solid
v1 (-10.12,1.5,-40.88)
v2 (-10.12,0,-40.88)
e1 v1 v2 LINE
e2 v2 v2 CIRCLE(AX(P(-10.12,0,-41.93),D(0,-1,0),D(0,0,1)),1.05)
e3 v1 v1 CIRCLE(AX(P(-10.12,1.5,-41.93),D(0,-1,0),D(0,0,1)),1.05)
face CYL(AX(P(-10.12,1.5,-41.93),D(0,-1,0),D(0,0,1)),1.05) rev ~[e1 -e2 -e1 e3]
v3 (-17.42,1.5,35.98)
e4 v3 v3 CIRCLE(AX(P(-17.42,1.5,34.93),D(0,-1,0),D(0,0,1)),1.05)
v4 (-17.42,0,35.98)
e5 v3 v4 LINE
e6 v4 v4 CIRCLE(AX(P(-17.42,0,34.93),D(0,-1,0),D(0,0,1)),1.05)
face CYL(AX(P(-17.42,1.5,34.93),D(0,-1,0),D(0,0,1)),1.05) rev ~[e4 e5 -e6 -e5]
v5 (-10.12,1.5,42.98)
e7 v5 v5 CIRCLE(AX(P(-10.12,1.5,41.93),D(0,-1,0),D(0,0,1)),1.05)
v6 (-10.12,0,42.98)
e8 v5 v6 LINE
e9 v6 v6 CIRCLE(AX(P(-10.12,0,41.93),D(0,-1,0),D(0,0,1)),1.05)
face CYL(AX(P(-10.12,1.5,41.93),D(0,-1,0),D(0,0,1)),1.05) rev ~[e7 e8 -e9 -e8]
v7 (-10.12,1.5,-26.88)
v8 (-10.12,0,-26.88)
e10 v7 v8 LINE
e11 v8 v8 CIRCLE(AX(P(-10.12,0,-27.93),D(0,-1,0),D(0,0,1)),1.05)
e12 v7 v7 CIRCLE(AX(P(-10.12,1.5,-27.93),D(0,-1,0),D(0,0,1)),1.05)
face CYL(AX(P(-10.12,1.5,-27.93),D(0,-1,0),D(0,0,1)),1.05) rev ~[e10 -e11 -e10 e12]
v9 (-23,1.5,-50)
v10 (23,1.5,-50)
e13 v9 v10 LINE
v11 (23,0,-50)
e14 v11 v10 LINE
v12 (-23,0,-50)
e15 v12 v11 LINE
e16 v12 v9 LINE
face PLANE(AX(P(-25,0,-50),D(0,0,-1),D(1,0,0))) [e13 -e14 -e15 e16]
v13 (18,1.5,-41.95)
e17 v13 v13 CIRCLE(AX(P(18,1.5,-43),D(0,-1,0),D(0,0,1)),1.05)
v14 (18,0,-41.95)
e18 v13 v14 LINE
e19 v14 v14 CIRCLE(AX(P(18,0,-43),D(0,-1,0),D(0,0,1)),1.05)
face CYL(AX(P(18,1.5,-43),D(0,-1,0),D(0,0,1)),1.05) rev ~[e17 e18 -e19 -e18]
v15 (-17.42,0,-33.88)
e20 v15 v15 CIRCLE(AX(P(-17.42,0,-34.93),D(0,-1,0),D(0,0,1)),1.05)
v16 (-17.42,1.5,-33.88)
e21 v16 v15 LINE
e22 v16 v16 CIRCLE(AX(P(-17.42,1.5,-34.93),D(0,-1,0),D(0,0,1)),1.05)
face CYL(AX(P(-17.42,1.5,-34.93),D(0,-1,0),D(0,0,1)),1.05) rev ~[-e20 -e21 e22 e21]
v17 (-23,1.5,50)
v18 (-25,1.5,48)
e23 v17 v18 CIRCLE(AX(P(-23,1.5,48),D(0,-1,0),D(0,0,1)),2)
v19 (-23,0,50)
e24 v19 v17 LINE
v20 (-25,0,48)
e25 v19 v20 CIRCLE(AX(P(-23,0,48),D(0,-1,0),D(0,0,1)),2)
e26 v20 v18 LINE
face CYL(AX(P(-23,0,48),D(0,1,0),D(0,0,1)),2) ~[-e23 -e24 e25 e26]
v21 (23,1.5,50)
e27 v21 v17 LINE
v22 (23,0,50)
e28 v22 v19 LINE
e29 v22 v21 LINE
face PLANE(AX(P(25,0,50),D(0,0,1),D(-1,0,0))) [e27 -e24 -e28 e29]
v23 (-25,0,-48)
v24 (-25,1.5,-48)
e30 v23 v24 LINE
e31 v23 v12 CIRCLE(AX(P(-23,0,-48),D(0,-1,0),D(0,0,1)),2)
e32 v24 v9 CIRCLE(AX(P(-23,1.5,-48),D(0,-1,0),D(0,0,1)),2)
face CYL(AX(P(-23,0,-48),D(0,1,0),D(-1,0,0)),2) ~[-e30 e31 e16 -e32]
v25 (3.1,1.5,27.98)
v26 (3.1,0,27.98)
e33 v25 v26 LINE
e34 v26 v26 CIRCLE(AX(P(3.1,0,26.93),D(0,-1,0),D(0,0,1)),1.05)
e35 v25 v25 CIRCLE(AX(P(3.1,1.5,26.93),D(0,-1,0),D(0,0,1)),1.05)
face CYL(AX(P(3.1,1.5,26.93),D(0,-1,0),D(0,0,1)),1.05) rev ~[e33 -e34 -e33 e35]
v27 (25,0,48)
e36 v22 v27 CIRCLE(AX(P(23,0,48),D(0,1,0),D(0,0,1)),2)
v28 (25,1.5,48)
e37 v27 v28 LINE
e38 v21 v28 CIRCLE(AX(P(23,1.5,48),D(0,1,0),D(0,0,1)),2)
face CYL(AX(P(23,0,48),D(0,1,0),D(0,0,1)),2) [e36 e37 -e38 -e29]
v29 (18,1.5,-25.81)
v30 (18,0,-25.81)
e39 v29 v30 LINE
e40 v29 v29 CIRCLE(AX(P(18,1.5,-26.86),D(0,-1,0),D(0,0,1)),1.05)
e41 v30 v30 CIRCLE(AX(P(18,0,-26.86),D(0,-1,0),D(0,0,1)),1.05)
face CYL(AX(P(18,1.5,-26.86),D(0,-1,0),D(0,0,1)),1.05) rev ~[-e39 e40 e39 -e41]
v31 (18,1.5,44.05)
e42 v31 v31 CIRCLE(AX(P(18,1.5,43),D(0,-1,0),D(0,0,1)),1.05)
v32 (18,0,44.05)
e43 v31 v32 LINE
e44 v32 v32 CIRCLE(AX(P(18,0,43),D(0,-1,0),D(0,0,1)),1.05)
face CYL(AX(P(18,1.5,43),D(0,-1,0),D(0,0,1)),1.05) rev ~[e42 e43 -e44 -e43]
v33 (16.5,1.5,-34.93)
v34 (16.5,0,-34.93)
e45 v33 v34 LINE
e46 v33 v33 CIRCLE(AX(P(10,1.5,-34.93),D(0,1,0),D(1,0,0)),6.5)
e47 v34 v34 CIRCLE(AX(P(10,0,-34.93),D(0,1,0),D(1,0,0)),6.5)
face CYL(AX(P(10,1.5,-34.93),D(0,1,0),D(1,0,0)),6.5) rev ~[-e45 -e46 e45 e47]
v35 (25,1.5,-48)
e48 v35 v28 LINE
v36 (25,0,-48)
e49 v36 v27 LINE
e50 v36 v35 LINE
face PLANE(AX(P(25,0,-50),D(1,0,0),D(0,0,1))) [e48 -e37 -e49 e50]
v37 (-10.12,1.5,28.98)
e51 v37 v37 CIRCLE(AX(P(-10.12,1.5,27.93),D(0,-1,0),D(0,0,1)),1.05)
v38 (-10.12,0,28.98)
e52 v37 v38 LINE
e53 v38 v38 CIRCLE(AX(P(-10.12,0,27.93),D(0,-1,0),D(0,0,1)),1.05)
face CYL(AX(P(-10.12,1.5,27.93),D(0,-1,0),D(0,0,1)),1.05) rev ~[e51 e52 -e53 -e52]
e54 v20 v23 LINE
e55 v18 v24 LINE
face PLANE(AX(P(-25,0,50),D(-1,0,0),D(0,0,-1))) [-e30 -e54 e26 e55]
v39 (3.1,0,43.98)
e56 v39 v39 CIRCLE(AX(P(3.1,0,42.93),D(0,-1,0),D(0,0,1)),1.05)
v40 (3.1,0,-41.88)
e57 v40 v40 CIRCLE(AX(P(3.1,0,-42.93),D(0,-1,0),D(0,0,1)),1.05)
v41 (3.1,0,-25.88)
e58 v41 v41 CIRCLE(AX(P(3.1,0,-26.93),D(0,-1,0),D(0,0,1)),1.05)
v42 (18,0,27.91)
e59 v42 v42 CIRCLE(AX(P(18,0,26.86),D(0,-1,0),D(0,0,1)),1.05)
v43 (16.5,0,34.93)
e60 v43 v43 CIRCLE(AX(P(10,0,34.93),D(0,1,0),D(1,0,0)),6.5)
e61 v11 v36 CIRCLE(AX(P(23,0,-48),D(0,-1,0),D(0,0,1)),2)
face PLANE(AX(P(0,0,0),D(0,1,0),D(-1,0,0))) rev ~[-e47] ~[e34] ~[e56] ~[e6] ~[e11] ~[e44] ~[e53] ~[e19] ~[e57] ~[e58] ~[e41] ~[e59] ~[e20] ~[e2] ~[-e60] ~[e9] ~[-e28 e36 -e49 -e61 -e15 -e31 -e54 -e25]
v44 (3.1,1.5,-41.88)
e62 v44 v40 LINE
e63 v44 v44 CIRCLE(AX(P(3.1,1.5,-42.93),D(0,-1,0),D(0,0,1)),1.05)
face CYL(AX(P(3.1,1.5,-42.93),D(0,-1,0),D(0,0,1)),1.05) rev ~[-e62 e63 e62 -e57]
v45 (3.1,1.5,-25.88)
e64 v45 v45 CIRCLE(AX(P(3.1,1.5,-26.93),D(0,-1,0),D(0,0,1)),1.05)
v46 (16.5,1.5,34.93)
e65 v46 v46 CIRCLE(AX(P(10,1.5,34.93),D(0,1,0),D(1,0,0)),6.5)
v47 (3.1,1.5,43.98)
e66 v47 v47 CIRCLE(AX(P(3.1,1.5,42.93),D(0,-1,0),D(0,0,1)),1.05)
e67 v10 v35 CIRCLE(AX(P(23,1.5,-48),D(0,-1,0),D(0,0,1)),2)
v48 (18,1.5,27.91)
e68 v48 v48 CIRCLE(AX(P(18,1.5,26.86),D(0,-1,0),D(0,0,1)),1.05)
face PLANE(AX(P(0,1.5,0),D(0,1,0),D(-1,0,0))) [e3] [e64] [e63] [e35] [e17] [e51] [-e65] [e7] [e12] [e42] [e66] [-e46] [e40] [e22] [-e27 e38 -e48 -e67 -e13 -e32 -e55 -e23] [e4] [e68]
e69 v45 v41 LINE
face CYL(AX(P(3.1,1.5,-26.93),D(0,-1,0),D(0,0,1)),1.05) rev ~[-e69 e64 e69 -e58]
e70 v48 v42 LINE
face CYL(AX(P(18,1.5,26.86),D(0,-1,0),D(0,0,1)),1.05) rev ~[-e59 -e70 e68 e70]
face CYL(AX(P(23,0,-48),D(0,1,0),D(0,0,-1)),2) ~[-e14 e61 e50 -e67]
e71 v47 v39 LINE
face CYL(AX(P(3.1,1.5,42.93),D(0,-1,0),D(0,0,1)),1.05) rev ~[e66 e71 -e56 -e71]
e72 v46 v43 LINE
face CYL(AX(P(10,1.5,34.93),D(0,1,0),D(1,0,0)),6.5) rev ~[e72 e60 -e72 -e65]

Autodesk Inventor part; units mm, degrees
ref_plane "YZ Plane" through (0, 0, 0) normal (1, 0, 0) x (0, 1, 0)
ref_plane "XZ Plane" through (0, 0, 0) normal (0, 1, 0) x (-1, 0, 0)
ref_plane "XY Plane" through (0, 0, 0) normal (0, 0, 1) x (1, 0, 0)
sketch "Sketch1" plane through (0, 0, 0) normal (0, 1, 0) x (-1, 0, 0)
  line L0 (-25, 50) -> (25, 50)
  line L1 (25, 50) -> (25, -50)
  line L2 (25, -50) -> (-25, -50)
  line L3 (-25, -50) -> (-25, 50)
  line L4 (-25, 50) -> (25, -50) construction
  line L5 (25, 50) -> (-25, -50) construction
  point P0 (0, 0)
  dimension "d0" = 50
  dimension "d1" = 100
extrude "Plate1" add sketch "Sketch1" along normal blind 1.5
fillet "Fillet1" radius 2 4 edges at (25, 0.75, 50) (25, 0.75, -50) (-25, 0.75, -50) (-25, 0.75, 50)
sketch "Sketch5" plane through (0, 1.5, 0) normal (0, 1, 0) x (1, 0, 0)
  circle A0 centre (-17.42, -34.93) radius 0.7835 projected
  circle A1 centre (-10.12, -41.93) radius 0.7835 projected
  circle A2 centre (-10.12, -27.93) radius 0.7835 projected
  circle A3 centre (3.1, -42.93) radius 0.7835 projected
  circle A4 centre (3.1, -26.93) radius 0.7835 projected
  line L0 (-18.82, -28.86) -> (-18.82, -41) projected
  line L1 (-18.82, -28.86) -> (-18.1, -28.86) projected
  arc A5 (-18.1, -28.86) -> (-16.1, -26.86) centre (-18.1, -26.86) ccw projected
  line L2 (-16.1, -26.86) -> (-16.1, -26.14) projected
  line L3 (16, -26.14) -> (-16.1, -26.14) projected
  line L4 (16, -26.14) -> (16, -26.86) projected
  arc A6 (16, -26.86) -> (18, -28.86) centre (18, -26.86) ccw projected
  line L5 (18, -28.86) -> (18.72, -28.86) projected
  line L6 (18.72, -41) -> (18.72, -28.86) projected
  line L7 (18.72, -41) -> (18, -41) projected
  arc A7 (18, -41) -> (16, -43) centre (18, -43) ccw projected
  line L8 (16, -43) -> (16, -43.72) projected
  line L9 (-16.1, -43.72) -> (16, -43.72) projected
  line L10 (-16.1, -43.72) -> (-16.1, -43) projected
  arc A8 (-16.1, -43) -> (-18.1, -41) centre (-18.1, -43) ccw projected
  line L11 (-18.1, -41) -> (-18.82, -41) projected
  circle A9 centre (10, -34.93) radius 6.4 projected
  circle A10 centre (-17.42, 34.93) radius 0.7835 projected
  circle A11 centre (-10.12, 27.93) radius 0.7835 projected
  circle A12 centre (-10.12, 41.93) radius 0.7835 projected
  circle A13 centre (3.1, 26.93) radius 0.7835 projected
  circle A14 centre (3.1, 42.93) radius 0.7835 projected
  line L12 (-18.82, 41) -> (-18.82, 28.86) projected
  line L13 (-18.82, 41) -> (-18.1, 41) projected
  arc A15 (-18.1, 41) -> (-16.1, 43) centre (-18.1, 43) ccw projected
  line L14 (-16.1, 43) -> (-16.1, 43.72) projected
  line L15 (16, 43.72) -> (-16.1, 43.72) projected
  line L16 (16, 43.72) -> (16, 43) projected
  arc A16 (16, 43) -> (18, 41) centre (18, 43) ccw projected
  line L17 (18, 41) -> (18.72, 41) projected
  line L18 (18.72, 28.86) -> (18.72, 41) projected
  line L19 (18.72, 28.86) -> (18, 28.86) projected
  arc A17 (18, 28.86) -> (16, 26.86) centre (18, 26.86) ccw projected
  line L20 (16, 26.86) -> (16, 26.14) projected
  line L21 (-16.1, 26.14) -> (16, 26.14) projected
  line L22 (-16.1, 26.14) -> (-16.1, 26.86) projected
  arc A18 (-16.1, 26.86) -> (-18.1, 28.86) centre (-18.1, 26.86) ccw projected
  line L23 (-18.1, 28.86) -> (-18.82, 28.86) projected
  circle A19 centre (10, 34.93) radius 6.4 projected
  point P0 (0, 0)
hole "Hole3" at (-17.42, 1.5, 34.93) at (-10.12, 1.5, 27.93) at (-10.12, 1.5, 41.93) at (3.1, 1.5, 42.93) at (3.1, 1.5, 26.93) at (18, 1.5, 26.86) at (18, 1.5, 43) at (18, 1.5, -26.86) at (18, 1.5, -43) at (3.1, 1.5, -42.93) at (3.1, 1.5, -26.93) at (-10.12, 1.5, -41.93) at (-10.12, 1.5, -27.93) at (-17.42, 1.5, -34.93) direction (0, -1, 0) diameter 2.1 depth 1.5 tip angle 118
sketch "Sketch6" plane through (0, 1.5, 0) normal (0, 1, 0) x (1, 0, 0)
  circle A0 centre (-17.42, -34.93) radius 0.7835 projected
  circle A1 centre (-10.12, -41.93) radius 0.7835 projected
  circle A2 centre (-10.12, -27.93) radius 0.7835 projected
  circle A3 centre (3.1, -42.93) radius 0.7835 projected
  circle A4 centre (3.1, -26.93) radius 0.7835 projected
  line L0 (-18.82, -28.86) -> (-18.82, -41) projected
  line L1 (-18.82, -28.86) -> (-18.1, -28.86) projected
  arc A5 (-18.1, -28.86) -> (-16.1, -26.86) centre (-18.1, -26.86) ccw projected
  line L2 (-16.1, -26.86) -> (-16.1, -26.14) projected
  line L3 (16, -26.14) -> (-16.1, -26.14) projected
  line L4 (16, -26.14) -> (16, -26.86) projected
  arc A6 (16, -26.86) -> (18, -28.86) centre (18, -26.86) ccw projected
  line L5 (18, -28.86) -> (18.72, -28.86) projected
  line L6 (18.72, -41) -> (18.72, -28.86) projected
  line L7 (18.72, -41) -> (18, -41) projected
  arc A7 (18, -41) -> (16, -43) centre (18, -43) ccw projected
  line L8 (16, -43) -> (16, -43.72) projected
  line L9 (-16.1, -43.72) -> (16, -43.72) projected
  line L10 (-16.1, -43.72) -> (-16.1, -43) projected
  arc A8 (-16.1, -43) -> (-18.1, -41) centre (-18.1, -43) ccw projected
  line L11 (-18.1, -41) -> (-18.82, -41) projected
  circle A9 centre (10, -34.93) radius 6.4 projected
  circle A10 centre (-17.42, 34.93) radius 0.7835 projected
  circle A11 centre (-10.12, 27.93) radius 0.7835 projected
  circle A12 centre (-10.12, 41.93) radius 0.7835 projected
  circle A13 centre (3.1, 26.93) radius 0.7835 projected
  circle A14 centre (3.1, 42.93) radius 0.7835 projected
  line L12 (-18.82, 41) -> (-18.82, 28.86) projected
  line L13 (-18.82, 41) -> (-18.1, 41) projected
  arc A15 (-18.1, 41) -> (-16.1, 43) centre (-18.1, 43) ccw projected
  line L14 (-16.1, 43) -> (-16.1, 43.72) projected
  line L15 (16, 43.72) -> (-16.1, 43.72) projected
  line L16 (16, 43.72) -> (16, 43) projected
  arc A16 (16, 43) -> (18, 41) centre (18, 43) ccw projected
  line L17 (18, 41) -> (18.72, 41) projected
  line L18 (18.72, 28.86) -> (18.72, 41) projected
  line L19 (18.72, 28.86) -> (18, 28.86) projected
  arc A17 (18, 28.86) -> (16, 26.86) centre (18, 26.86) ccw projected
  line L20 (16, 26.86) -> (16, 26.14) projected
  line L21 (-16.1, 26.14) -> (16, 26.14) projected
  line L22 (-16.1, 26.14) -> (-16.1, 26.86) projected
  arc A18 (-16.1, 26.86) -> (-18.1, 28.86) centre (-18.1, 26.86) ccw projected
  line L23 (-18.1, 28.86) -> (-18.82, 28.86) projected
  circle A19 centre (10, 34.93) radius 6.4 projected
  circle A20 centre (10, -34.93) radius 6.5
  circle A21 centre (10, 34.93) radius 6.5
  point P0 (0, 0)
  dimension "d27" = 13
  dimension "d28" = 13
extrude "Cut2" cut sketch "Sketch6" against normal blind 1.5 contours A9 | A19 | A20 | A21
equation "\"d25\" = Thickness"
equation "\"d29\" = Thickness"
equation "\"d2\" = Thickness"
equation "\"BendReliefWidth\" = Thickness"
equation "\"BendReliefDepth\" = 0.5 * Thickness"
equation "\"CornerReliefSize\" = 4 * Thickness"
equation "\"MinimumRemnant\" = 2 * Thickness"
equation "\"TransitionRadius\" = BendRadius"
equation "\"JacobiRadiusSize\" = BendRadius"
equation "\"GapSize\" = Thickness"
equation "\"Thickness\" = 1.5"
equation "\"BendRadius\" = 0.31"
properties part number "body_bottom_frame" material "Aluminum 6061-AHC"
